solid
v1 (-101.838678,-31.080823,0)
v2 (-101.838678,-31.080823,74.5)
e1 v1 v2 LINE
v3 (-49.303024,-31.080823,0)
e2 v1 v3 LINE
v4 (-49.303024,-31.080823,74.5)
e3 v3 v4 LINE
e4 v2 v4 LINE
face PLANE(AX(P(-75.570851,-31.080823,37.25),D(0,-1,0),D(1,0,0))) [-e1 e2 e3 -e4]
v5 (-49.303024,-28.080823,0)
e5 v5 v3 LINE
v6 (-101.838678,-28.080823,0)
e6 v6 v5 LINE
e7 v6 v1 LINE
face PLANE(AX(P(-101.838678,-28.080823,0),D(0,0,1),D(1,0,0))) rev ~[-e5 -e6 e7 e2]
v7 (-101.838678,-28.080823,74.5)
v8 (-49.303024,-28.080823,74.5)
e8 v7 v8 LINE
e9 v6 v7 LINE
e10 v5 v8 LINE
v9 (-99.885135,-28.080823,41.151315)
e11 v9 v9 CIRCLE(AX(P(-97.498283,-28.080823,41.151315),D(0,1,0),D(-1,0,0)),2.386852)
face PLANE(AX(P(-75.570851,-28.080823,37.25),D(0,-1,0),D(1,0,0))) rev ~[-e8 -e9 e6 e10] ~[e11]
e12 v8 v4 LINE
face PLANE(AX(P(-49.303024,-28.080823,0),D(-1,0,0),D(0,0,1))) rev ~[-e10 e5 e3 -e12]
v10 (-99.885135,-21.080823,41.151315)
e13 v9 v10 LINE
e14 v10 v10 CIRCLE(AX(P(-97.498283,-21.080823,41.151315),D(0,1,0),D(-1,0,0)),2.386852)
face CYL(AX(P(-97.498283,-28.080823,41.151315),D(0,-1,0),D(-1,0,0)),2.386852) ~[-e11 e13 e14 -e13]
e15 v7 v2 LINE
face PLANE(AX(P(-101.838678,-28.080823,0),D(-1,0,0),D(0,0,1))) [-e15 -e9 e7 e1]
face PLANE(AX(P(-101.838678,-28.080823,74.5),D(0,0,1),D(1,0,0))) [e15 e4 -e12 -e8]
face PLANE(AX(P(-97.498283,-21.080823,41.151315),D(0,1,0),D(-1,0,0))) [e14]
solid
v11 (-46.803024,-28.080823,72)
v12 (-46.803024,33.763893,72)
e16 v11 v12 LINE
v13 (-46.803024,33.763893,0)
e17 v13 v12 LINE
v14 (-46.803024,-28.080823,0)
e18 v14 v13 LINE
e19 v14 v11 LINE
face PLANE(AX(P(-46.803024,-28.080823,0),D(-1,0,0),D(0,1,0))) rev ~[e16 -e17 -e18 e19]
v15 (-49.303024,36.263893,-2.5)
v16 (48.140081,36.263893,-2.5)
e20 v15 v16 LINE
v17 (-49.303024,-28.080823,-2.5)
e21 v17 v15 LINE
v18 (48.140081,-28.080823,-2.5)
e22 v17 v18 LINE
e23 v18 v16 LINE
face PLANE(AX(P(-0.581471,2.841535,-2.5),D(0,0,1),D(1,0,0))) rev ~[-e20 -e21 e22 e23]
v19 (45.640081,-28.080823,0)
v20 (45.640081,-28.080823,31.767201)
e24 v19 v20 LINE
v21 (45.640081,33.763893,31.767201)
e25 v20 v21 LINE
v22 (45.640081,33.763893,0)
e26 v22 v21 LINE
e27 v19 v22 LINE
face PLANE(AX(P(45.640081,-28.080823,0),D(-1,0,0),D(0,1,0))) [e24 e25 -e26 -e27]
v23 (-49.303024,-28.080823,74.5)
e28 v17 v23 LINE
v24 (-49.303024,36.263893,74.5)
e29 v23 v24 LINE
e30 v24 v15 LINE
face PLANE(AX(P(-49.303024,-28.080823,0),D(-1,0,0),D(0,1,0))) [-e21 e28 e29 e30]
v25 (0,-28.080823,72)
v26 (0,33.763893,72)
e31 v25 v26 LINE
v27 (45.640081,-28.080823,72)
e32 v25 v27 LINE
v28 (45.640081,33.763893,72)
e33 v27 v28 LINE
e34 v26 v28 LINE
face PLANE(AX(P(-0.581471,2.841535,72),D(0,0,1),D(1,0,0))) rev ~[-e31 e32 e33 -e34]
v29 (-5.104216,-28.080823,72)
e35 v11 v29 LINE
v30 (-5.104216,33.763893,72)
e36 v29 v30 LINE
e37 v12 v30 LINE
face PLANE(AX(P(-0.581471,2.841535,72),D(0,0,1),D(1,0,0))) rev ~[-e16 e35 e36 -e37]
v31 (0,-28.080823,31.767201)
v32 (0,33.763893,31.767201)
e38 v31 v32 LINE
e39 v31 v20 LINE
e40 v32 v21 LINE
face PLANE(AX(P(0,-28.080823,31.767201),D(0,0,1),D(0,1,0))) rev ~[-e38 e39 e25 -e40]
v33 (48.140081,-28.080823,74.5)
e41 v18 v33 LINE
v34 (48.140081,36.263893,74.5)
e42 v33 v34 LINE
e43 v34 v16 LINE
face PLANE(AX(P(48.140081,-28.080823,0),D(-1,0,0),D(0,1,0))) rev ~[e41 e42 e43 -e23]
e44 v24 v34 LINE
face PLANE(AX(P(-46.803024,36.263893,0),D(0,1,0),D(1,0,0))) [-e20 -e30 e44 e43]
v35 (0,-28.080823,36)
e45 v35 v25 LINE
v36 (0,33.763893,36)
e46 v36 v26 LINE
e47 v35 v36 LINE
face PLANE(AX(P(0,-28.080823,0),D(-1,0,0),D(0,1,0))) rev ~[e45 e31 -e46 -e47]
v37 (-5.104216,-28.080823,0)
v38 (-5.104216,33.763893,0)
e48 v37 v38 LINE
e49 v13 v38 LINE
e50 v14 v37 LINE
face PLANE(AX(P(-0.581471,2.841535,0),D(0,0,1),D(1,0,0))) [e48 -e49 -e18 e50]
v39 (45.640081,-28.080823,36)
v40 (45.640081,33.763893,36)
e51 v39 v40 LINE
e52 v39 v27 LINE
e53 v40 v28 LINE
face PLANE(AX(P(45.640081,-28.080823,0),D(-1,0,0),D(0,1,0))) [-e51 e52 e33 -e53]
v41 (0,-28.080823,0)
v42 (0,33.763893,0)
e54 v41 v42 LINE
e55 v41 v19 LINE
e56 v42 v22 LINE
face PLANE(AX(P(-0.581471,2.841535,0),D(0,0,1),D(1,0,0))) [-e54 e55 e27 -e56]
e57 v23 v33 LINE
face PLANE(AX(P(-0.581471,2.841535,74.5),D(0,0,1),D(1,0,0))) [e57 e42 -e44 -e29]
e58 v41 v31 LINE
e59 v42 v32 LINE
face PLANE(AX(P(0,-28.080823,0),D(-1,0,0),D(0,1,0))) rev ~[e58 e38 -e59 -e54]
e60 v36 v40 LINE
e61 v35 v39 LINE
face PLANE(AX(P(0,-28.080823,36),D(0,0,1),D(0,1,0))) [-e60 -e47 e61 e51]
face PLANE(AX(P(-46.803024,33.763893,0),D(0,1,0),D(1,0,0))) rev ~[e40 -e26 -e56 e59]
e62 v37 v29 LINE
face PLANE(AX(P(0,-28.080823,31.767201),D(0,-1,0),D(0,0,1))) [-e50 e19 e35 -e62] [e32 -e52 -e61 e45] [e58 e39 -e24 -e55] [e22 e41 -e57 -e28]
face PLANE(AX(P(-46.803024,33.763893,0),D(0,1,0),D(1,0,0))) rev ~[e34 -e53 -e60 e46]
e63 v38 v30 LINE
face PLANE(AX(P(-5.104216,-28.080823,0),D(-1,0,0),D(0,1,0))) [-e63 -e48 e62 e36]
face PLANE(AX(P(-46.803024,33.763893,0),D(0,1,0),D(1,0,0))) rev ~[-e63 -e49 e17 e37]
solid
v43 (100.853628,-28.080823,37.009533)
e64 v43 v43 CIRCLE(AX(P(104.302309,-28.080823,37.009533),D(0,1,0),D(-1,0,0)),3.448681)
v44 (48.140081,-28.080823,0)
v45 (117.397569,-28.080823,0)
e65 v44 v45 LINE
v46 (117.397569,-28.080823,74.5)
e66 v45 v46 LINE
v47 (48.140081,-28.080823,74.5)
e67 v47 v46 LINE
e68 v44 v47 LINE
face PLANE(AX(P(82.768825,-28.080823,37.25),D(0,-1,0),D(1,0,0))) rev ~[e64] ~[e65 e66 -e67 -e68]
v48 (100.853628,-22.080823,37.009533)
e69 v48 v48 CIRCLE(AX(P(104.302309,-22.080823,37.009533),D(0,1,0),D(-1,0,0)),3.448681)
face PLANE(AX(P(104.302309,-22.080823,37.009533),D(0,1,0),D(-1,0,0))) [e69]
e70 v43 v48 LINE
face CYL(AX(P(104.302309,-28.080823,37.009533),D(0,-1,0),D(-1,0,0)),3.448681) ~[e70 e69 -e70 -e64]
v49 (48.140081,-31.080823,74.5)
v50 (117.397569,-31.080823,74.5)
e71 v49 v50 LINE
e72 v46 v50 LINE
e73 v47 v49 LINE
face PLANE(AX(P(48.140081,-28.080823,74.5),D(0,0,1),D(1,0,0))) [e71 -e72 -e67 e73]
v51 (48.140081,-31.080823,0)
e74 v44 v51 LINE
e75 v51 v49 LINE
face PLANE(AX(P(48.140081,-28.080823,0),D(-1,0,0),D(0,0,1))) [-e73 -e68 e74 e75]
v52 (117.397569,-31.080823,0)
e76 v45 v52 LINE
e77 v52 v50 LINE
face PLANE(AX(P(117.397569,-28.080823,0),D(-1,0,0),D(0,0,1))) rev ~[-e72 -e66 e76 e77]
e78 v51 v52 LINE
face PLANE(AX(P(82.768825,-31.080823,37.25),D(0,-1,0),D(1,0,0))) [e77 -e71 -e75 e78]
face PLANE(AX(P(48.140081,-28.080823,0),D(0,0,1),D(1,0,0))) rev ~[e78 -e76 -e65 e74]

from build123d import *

# Parameters (mm, degrees)
F0_W      = 92.4431048334
F0_H      = 61.8447158486
F1_DEPTH  = 72
F2_T      = 2.5
F3_W      = 5.1042162813
F3_H      = 61.8447158486
F4_DEPTH  = 72
F5_W      = 61.8447158486
F5_H      = 4.2327993214
F6_DEPTH  = 47
F7_W      = 52.5356544554
F7_H      = 74.5
F8_DEPTH  = 3
F9_R      = 2.3868523894
F10_DEPTH = 7
F11_W     = 69.2574879527
F11_H     = 74.5
F12_DEPTH = 3
F13_R     = 3.4486814064
F14_DEPTH = 6


with BuildPart() as f1:
    # F0 (on Top) → F1 (new body)
    with BuildSketch(Plane.XY):
        with Locations((-0.5814712495, 2.8415350243)):
            Rectangle(F0_W, F0_H)
    extrude(amount=F1_DEPTH)

    # F2
    f2_openings = [f1.faces().sort_by_distance(p)[0] for p in [
        (-0.581471, -28.080823, 36),
    ]]
    offset(amount=F2_T, openings=f2_openings, kind=Kind.INTERSECTION)

    # F3 (on face) → F4 (join)
    with BuildSketch(Plane.XY):
        with Locations((-2.5521081407, 2.8415350243)):
            Rectangle(F3_W, F3_H)
    extrude(amount=F4_DEPTH)

    # F5 (on face) → F6 (join)
    with BuildSketch(Plane.YZ):
        with Locations((2.8415350243, 33.8836003393)):
            Rectangle(F5_W, F5_H)
    extrude(amount=F6_DEPTH)


with BuildPart() as f8:
    # F7 (on face) → F8 (new body)
    with BuildSketch(Plane.XZ.offset(28.0808228999)):
        with Locations((-75.5708508939, 37.25)):
            Rectangle(F7_W, F7_H)
    extrude(amount=F8_DEPTH)

    # F9 (on face) → F10 (join)
    with BuildSketch(Plane(origin=(0, -28.0808228999, 0), x_dir=(-1, 0, 0), z_dir=(0, 1, 0))):
        with Locations((97.4982827902, 41.1513149738)):
            Circle(F9_R)
    extrude(amount=F10_DEPTH)


with BuildPart() as f12:
    # F11 (on face) → F12 (new body)
    with BuildSketch(Plane.XZ.offset(28.0808228999)):
        with Locations((82.7688251436, 37.25)):
            Rectangle(F11_W, F11_H)
    extrude(amount=F12_DEPTH)

    # F13 (on face) → F14 (join)
    with BuildSketch(Plane(origin=(0, -28.0808228999, 0), x_dir=(-1, 0, 0), z_dir=(0, 1, 0))):
        with Locations((-104.3023094535, 37.0095334947)):
            Circle(F13_R)
    extrude(amount=F14_DEPTH)


solid = Compound([f1.part, f8.part, f12.part])
